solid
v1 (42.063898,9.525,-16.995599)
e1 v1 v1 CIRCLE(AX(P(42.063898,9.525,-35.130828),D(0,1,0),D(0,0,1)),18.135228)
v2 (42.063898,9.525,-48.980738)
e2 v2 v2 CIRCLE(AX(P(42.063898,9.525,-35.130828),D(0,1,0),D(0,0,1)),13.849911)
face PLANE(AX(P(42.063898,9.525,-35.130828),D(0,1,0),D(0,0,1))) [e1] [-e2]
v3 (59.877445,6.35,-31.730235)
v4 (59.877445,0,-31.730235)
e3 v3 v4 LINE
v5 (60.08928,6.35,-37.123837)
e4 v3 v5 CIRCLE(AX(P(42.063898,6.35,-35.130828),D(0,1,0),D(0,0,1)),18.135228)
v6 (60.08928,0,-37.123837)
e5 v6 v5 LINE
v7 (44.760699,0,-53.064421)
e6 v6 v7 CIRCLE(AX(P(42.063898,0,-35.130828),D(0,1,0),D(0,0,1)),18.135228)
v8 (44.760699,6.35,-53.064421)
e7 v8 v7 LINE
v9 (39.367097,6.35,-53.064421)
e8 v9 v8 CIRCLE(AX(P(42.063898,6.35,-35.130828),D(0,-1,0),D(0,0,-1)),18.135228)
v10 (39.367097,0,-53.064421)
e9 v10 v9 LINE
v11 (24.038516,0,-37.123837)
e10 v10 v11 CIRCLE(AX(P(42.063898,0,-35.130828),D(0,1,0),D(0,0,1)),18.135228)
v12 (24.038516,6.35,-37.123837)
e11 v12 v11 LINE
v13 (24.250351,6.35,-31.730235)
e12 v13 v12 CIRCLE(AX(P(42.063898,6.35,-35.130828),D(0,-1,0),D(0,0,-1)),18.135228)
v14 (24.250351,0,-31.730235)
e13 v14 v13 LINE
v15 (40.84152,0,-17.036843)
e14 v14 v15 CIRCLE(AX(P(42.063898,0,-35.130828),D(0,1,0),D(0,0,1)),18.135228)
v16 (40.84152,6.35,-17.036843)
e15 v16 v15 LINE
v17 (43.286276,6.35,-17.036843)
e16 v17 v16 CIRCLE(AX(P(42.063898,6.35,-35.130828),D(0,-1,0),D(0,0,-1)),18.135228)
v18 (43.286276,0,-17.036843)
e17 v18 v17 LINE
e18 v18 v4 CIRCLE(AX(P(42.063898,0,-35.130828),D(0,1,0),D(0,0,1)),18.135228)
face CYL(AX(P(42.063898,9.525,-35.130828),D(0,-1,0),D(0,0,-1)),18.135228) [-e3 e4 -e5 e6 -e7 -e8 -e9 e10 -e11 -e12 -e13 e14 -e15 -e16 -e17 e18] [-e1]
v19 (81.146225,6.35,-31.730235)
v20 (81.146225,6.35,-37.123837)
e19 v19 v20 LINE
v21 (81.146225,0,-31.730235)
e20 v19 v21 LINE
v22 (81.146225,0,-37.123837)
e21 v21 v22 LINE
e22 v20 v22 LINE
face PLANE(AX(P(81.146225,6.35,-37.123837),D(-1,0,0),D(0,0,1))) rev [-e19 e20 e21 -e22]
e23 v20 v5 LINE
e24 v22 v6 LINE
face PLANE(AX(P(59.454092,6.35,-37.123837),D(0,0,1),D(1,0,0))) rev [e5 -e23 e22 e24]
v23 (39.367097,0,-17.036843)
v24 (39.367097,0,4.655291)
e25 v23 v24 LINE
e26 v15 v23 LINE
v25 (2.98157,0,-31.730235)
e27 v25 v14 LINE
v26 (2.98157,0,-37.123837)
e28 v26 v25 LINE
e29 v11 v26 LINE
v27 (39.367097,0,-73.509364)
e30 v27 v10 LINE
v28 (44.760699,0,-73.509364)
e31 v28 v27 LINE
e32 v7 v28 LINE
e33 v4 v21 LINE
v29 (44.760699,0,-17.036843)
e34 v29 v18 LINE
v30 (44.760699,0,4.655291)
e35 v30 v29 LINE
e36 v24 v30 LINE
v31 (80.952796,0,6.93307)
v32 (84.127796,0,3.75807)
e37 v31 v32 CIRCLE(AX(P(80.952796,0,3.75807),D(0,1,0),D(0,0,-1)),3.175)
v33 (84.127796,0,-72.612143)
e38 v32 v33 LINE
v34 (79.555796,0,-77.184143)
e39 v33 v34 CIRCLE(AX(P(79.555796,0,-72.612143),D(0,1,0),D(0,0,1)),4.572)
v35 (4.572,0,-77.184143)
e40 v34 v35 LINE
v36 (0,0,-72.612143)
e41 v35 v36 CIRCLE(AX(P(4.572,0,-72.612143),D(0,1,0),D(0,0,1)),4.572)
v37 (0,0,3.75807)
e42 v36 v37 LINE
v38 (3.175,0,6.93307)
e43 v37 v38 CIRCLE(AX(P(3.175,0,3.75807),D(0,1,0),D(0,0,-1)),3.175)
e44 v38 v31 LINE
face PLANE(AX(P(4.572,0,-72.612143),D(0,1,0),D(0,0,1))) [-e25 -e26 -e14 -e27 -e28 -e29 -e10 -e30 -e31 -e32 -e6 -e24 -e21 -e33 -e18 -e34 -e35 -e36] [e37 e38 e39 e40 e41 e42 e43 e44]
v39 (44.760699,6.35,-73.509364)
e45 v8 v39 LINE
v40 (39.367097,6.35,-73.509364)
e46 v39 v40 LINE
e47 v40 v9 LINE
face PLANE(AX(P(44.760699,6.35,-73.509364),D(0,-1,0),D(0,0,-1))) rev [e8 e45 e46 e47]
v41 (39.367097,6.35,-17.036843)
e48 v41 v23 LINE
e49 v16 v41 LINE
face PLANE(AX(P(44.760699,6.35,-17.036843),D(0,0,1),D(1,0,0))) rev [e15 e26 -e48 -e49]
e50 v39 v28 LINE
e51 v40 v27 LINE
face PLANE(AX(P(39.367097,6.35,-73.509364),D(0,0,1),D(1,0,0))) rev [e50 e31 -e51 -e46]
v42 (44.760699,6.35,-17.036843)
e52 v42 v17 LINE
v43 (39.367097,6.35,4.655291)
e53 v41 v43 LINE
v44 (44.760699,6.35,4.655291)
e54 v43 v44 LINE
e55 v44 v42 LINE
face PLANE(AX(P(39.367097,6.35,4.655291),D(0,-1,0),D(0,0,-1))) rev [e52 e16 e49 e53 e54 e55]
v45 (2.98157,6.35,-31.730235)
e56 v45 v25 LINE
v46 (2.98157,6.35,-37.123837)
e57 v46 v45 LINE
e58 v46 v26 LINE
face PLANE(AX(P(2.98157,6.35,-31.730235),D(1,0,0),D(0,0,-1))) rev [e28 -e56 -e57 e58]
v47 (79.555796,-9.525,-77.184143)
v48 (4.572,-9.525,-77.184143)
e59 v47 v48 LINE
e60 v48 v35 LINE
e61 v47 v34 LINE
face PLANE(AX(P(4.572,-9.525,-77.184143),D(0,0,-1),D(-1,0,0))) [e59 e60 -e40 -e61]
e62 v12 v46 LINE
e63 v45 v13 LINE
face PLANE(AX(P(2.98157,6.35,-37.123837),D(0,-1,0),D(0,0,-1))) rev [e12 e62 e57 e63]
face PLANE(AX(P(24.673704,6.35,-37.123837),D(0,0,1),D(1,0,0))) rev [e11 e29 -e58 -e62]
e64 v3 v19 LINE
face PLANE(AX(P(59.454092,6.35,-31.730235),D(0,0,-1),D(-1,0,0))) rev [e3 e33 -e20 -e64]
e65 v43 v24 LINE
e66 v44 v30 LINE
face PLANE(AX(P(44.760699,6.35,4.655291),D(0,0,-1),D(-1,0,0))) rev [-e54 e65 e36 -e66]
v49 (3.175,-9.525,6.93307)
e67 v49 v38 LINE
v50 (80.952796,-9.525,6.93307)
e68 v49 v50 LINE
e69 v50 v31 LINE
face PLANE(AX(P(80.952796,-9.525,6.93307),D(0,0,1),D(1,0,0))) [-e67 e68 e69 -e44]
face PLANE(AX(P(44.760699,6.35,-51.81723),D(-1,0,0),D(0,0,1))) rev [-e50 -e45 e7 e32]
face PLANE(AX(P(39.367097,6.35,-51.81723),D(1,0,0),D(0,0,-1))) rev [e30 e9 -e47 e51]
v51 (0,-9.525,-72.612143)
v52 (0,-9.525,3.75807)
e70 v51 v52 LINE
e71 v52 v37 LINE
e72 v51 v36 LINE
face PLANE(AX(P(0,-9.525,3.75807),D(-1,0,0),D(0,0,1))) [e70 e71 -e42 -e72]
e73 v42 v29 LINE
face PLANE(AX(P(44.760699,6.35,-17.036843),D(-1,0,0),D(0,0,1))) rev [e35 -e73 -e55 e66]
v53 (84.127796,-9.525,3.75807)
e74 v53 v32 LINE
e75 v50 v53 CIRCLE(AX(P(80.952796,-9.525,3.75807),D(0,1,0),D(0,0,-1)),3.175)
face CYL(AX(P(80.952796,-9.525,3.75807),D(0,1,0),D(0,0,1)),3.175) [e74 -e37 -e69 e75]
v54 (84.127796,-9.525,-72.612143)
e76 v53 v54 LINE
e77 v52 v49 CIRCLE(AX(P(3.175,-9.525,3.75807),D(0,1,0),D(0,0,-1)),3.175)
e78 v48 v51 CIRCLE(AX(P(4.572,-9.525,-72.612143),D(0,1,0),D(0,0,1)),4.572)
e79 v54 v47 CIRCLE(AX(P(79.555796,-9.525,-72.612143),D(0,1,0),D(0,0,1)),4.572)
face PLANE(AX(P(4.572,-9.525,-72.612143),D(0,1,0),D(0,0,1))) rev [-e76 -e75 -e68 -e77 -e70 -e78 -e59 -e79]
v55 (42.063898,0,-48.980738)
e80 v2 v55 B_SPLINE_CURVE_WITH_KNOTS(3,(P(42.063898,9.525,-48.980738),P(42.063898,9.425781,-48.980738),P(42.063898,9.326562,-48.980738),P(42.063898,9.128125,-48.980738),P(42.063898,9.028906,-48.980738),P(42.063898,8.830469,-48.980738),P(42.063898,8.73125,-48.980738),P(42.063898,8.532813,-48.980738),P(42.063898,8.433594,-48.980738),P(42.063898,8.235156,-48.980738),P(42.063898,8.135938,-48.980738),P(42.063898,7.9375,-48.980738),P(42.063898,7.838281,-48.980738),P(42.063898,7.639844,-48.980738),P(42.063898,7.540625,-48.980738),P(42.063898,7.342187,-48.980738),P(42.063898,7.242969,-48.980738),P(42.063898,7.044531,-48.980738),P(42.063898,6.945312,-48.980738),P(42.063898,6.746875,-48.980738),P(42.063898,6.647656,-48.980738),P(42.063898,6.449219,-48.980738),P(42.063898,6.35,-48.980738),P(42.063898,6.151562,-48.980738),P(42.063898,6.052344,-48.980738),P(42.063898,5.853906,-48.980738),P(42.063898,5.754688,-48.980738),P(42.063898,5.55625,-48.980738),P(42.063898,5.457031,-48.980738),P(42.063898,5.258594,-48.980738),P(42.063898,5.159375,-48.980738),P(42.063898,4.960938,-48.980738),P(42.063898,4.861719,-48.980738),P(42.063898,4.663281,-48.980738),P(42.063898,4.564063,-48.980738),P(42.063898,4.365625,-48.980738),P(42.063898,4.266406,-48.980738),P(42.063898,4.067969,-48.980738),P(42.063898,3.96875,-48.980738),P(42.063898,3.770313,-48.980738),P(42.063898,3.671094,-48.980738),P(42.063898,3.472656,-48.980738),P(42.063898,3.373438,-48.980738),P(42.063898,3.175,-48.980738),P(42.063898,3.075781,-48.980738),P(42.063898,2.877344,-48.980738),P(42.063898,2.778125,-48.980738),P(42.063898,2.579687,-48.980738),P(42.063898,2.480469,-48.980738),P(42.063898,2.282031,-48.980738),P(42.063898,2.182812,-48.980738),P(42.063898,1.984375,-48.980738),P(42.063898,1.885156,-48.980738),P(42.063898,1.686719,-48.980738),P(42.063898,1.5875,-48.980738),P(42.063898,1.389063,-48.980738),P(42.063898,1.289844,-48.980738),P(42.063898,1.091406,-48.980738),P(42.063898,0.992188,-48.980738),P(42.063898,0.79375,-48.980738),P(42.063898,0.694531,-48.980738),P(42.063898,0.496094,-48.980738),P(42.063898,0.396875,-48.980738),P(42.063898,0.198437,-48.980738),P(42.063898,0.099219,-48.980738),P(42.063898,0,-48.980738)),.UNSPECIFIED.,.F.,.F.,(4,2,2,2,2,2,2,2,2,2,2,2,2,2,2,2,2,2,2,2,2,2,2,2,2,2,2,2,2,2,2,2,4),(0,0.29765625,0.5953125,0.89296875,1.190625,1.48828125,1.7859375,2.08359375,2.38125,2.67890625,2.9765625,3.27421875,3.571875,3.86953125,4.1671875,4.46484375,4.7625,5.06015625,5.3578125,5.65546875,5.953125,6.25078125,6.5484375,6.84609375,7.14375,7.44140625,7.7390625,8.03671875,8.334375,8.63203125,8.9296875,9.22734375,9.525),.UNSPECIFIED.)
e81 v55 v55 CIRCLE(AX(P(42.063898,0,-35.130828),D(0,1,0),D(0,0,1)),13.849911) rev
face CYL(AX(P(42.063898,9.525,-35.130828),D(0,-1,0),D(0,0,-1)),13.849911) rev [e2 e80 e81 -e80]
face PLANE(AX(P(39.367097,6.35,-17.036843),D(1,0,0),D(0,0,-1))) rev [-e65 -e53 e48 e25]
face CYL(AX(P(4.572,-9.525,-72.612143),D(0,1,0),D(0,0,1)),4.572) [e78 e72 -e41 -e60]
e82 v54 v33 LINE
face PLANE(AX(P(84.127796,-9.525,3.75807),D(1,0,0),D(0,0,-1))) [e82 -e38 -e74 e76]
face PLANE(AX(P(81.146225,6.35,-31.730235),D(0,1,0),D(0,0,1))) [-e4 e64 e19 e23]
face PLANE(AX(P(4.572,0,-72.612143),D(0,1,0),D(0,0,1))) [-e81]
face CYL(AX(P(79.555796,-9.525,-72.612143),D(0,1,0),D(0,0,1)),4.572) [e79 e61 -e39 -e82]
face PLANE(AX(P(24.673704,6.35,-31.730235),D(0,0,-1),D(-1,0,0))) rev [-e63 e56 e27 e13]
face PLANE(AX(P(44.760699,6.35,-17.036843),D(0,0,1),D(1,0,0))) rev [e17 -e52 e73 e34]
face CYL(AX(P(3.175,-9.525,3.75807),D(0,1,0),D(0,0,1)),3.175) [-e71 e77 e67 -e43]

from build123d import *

# Parameters (mm, degrees)
EXTRUDE1_DEPTH = 9.525
SKETCH2_R      = 18.135228151
SKETCH2_R_2    = 13.849910733
EXTRUDE2_DEPTH = 9.525
SKETCH5_W      = 21.692133904
SKETCH5_H      = 5.39360198
SKETCH5_W_2    = 5.39360198
SKETCH5_H_2    = 21.692133904
SKETCH5_W_3    = 21.692133903
EXTRUDE4_DEPTH = 6.35


with BuildPart() as part:
    # Sketch1 → Extrude1 (new body)
    with BuildSketch(Plane(origin=(0, 0, 0), x_dir=(1, 0, 0), z_dir=(0, 1, 0))):
        with BuildLine():
            Line((80.952795926, -6.933070377), (3.175, -6.933070377))
            ThreePointArc((3.175, -6.933070377), (0.92993597, -6.003134407), (0, -3.758070377))
            Line((0, -3.758070377), (0, 72.612142843))
            ThreePointArc((0, 72.612142843), (1.339107796, 75.845035046), (4.572, 77.184142843))
            Line((4.572, 77.184142843), (79.555795926, 77.184142843))
            ThreePointArc((79.555795926, 77.184142843), (82.78868813, 75.845035046), (84.127795926, 72.612142843))
            Line((84.127795926, 72.612142843), (84.127795926, -3.758070377))
            ThreePointArc((84.127795926, -3.758070377), (83.197859957, -6.003134407), (80.952795926, -6.933070377))
        make_face()
    extrude(amount=-EXTRUDE1_DEPTH)

    # Sketch2 → Extrude2 (add)
    with BuildSketch(Plane(origin=(0, 0, 0), x_dir=(1, 0, 0), z_dir=(0, 1, 0))):
        with Locations(Location((42.063897963, 35.130827586, 0), (0, 0, 90))):
            Circle(SKETCH2_R)
        with Locations(Location((42.063897963, 35.130827586, 0), (0, 0, 90))):
            Circle(SKETCH2_R_2, mode=Mode.SUBTRACT)
    extrude(amount=EXTRUDE2_DEPTH)

    # Sketch5 → Extrude4 (add)
    with BuildSketch(Plane(origin=(0, 0, 0), x_dir=(1, 0, 0), z_dir=(0, 1, 0))):
        with Locations((70.300158538, 34.427036233)):
            Rectangle(SKETCH5_W, SKETCH5_H)
        with Locations((42.063897963, 6.190775658)):
            Rectangle(SKETCH5_W_2, SKETCH5_H_2)
        with Locations((13.827637389, 34.427036233)):
            Rectangle(SKETCH5_W_3, SKETCH5_H)
        with Locations((42.063897963, 62.663296808)):
            Rectangle(SKETCH5_W_2, SKETCH5_H_2)
    extrude(amount=EXTRUDE4_DEPTH)


solid = part.part
